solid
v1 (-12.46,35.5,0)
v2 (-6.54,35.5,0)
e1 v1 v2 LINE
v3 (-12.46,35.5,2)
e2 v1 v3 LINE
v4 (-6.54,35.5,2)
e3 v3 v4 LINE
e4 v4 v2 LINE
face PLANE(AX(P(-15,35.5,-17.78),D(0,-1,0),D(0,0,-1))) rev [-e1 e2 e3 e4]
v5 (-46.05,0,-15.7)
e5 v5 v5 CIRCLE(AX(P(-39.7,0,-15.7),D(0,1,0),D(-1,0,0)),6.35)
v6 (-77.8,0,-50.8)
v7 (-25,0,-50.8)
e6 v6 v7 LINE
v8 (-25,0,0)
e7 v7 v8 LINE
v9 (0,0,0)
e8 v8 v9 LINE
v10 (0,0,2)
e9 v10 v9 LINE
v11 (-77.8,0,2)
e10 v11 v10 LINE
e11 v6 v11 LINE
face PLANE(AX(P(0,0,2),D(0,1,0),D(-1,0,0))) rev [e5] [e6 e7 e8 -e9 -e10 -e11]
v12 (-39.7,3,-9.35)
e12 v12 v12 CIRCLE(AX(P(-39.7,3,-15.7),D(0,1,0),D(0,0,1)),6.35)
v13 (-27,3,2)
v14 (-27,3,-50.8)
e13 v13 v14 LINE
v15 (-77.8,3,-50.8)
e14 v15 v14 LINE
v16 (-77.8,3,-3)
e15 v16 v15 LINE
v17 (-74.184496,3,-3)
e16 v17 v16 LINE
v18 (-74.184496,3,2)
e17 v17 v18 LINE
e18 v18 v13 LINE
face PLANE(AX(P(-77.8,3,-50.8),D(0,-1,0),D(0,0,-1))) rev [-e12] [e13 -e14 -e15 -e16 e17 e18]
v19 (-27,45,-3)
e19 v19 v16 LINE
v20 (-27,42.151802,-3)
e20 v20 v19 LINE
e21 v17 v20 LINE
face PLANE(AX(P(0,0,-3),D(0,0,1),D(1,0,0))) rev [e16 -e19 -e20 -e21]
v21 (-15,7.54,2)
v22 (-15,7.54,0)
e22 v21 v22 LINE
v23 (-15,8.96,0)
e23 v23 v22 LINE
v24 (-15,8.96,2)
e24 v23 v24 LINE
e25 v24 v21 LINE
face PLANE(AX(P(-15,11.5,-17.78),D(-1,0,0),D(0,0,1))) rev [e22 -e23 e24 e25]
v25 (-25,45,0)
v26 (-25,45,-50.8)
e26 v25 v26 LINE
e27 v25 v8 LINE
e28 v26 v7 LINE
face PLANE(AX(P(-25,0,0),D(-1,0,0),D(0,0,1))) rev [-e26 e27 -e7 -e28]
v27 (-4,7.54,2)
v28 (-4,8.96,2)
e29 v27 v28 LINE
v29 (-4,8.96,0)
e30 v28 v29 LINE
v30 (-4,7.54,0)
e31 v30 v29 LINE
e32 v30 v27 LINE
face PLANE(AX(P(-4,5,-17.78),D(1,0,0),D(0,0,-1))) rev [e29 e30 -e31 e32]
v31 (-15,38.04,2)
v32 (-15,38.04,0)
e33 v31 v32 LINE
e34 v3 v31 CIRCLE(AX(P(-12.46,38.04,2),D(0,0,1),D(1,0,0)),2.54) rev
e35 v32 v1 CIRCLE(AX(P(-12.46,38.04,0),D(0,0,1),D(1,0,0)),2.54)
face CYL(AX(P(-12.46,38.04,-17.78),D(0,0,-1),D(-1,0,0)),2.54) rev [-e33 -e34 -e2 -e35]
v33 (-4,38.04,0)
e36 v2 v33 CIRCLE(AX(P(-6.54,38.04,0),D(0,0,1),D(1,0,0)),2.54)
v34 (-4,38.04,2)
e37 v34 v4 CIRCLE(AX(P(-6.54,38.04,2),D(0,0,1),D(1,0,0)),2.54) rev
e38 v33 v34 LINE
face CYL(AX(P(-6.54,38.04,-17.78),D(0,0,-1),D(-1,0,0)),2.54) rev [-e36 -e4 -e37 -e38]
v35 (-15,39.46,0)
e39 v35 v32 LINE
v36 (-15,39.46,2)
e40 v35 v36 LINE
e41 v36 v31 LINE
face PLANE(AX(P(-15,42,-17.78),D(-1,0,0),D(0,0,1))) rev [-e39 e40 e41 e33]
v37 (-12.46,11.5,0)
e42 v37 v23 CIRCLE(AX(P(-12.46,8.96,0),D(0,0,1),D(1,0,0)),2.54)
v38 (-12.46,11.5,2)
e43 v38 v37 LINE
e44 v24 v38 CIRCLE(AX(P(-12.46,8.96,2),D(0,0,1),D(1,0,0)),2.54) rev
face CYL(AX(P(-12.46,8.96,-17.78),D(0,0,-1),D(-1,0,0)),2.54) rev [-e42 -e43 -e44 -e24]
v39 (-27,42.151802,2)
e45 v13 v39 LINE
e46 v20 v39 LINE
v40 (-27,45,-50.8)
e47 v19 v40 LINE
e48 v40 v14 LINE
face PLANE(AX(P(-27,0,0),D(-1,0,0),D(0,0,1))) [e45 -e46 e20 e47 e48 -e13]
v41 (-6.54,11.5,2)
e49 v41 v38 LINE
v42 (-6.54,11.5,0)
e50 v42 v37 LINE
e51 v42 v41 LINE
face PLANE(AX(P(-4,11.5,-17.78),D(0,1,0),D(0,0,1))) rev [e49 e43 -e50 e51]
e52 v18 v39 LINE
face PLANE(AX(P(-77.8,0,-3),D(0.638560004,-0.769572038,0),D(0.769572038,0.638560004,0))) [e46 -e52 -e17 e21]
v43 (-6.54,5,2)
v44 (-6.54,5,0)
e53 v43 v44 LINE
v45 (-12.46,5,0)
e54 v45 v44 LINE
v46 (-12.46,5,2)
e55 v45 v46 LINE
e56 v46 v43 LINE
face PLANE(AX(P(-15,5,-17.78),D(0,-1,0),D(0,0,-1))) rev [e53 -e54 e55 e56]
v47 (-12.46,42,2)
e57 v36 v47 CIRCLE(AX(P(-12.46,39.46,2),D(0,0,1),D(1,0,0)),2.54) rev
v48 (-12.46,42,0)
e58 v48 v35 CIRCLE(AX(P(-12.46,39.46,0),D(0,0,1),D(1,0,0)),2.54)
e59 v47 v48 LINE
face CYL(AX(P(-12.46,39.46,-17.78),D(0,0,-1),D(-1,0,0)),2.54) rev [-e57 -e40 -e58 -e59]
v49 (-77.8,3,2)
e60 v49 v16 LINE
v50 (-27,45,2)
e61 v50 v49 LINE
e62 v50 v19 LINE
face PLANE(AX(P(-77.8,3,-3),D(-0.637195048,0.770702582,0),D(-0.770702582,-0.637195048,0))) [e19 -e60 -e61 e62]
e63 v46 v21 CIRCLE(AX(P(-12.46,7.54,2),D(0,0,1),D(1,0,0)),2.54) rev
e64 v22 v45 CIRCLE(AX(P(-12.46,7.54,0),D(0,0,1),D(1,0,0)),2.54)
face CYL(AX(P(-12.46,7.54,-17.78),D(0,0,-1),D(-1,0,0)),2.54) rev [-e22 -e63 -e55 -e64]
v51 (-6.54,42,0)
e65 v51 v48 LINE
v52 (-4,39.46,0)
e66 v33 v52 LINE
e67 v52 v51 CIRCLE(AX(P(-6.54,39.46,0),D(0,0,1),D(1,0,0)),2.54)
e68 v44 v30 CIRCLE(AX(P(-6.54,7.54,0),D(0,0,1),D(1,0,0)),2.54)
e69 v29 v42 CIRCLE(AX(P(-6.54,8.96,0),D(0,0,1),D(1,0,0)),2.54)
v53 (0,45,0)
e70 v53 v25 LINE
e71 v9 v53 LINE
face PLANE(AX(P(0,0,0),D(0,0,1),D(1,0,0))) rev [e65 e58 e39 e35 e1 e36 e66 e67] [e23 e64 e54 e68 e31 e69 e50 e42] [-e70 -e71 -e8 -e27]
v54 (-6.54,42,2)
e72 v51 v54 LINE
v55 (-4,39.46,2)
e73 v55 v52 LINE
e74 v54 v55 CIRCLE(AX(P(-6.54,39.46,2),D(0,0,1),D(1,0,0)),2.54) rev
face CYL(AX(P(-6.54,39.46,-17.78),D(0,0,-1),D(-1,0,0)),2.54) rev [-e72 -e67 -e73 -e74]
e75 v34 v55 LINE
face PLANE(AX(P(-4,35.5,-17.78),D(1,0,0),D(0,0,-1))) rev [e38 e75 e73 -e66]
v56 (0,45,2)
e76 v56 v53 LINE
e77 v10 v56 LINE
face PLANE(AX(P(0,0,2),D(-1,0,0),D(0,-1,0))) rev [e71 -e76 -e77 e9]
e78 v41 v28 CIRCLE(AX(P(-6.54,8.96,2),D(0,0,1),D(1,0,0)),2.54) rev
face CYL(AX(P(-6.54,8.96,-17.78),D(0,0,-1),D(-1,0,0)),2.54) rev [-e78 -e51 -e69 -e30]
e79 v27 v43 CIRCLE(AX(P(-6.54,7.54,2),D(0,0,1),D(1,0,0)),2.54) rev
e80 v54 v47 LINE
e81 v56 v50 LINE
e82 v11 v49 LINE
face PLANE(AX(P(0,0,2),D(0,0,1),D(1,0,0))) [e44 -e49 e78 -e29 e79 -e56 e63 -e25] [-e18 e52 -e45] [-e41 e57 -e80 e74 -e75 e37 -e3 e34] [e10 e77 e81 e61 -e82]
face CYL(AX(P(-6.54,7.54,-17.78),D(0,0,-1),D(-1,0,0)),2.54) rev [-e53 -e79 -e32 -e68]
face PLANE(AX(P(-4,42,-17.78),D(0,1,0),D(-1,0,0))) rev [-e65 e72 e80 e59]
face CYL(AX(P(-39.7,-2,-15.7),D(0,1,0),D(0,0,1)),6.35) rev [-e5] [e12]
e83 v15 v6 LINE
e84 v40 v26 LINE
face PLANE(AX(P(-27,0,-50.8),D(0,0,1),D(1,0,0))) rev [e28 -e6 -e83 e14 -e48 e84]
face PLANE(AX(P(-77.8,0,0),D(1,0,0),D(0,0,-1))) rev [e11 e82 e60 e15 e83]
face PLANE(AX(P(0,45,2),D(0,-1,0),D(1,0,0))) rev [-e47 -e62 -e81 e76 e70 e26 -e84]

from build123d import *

# Parameters (mm, degrees)
SKETCH1_W           = 25
SKETCH1_H           = 45
BOSS_EXTRUDE1_DEPTH = 2
SKETCH2_W           = 11
SKETCH2_H           = 6.5
CUT_EXTRUDE1_DEPTH  = 19.78
FILLET1_R           = 2.54
BOSS_EXTRUDE2_DEPTH = 2
SKETCH4_W           = 52.8
SKETCH4_H           = 3
BOSS_EXTRUDE3_DEPTH = 50.8
BOSS_EXTRUDE4_DEPTH = 5
SKETCH7_R           = 6.35
CUT_EXTRUDE3_DEPTH  = 5


with BuildPart() as part:
    # Sketch1 → Boss-Extrude1 (new body)
    with BuildSketch(Plane.XY):
        with Locations((-12.5, 22.5)):
            Rectangle(SKETCH1_W, SKETCH1_H)
    extrude(amount=BOSS_EXTRUDE1_DEPTH)

    # Sketch2 → Cut-Extrude1 (cut)
    with BuildSketch(Plane.XY.offset(2)):
        with Locations((-9.5, 8.25)):
            Rectangle(SKETCH2_W, SKETCH2_H)
        with Locations((-9.5, 38.75)):
            Rectangle(SKETCH2_W, SKETCH2_H)
    extrude(amount=-CUT_EXTRUDE1_DEPTH, mode=Mode.SUBTRACT)

    # Fillet1
    fillet1_edges = [part.edges().sort_by_distance(p)[0] for p in [
        (-15, 11.5, 1),
        (-4, 11.5, 1),
        (-4, 5, 1),
        (-15, 5, 1),
        (-15, 42, 1),
        (-4, 42, 1),
        (-4, 35.5, 1),
        (-15, 35.5, 1),
    ]]
    fillet(fillet1_edges, radius=FILLET1_R)

    # Sketch3 → Boss-Extrude2 (add)
    with BuildSketch(Plane.ZY.offset(25)):
        Polygon((2, 0), (0, 0), (-50.8, 0), (-50.8, 45), (0, 45), (2, 45), align=None)
    extrude(amount=BOSS_EXTRUDE2_DEPTH)

    # Sketch4 → Boss-Extrude3 (add)
    with BuildSketch(Plane.ZY.offset(27)):
        with Locations((-24.4, 1.5)):
            Rectangle(SKETCH4_W, SKETCH4_H)
    extrude(amount=BOSS_EXTRUDE3_DEPTH)

    # Sketch5 → Boss-Extrude4 (add)
    with BuildSketch(Plane.XY.offset(2)):
        Polygon((-77.8, 3), (-27, 45), (-27, 42.151802073), (-77.8, 0), align=None)
    extrude(amount=-BOSS_EXTRUDE4_DEPTH)

    # Sketch7 → Cut-Extrude3 (cut)
    with BuildSketch(Plane(origin=(0, 3, 0), x_dir=(1, 0, 0), z_dir=(0, 1, 0))):
        with Locations(Location((-39.7, 15.7, 0), (0, 0, 270))):
            Circle(SKETCH7_R)
    extrude(amount=-CUT_EXTRUDE3_DEPTH, mode=Mode.SUBTRACT)


solid = part.part
